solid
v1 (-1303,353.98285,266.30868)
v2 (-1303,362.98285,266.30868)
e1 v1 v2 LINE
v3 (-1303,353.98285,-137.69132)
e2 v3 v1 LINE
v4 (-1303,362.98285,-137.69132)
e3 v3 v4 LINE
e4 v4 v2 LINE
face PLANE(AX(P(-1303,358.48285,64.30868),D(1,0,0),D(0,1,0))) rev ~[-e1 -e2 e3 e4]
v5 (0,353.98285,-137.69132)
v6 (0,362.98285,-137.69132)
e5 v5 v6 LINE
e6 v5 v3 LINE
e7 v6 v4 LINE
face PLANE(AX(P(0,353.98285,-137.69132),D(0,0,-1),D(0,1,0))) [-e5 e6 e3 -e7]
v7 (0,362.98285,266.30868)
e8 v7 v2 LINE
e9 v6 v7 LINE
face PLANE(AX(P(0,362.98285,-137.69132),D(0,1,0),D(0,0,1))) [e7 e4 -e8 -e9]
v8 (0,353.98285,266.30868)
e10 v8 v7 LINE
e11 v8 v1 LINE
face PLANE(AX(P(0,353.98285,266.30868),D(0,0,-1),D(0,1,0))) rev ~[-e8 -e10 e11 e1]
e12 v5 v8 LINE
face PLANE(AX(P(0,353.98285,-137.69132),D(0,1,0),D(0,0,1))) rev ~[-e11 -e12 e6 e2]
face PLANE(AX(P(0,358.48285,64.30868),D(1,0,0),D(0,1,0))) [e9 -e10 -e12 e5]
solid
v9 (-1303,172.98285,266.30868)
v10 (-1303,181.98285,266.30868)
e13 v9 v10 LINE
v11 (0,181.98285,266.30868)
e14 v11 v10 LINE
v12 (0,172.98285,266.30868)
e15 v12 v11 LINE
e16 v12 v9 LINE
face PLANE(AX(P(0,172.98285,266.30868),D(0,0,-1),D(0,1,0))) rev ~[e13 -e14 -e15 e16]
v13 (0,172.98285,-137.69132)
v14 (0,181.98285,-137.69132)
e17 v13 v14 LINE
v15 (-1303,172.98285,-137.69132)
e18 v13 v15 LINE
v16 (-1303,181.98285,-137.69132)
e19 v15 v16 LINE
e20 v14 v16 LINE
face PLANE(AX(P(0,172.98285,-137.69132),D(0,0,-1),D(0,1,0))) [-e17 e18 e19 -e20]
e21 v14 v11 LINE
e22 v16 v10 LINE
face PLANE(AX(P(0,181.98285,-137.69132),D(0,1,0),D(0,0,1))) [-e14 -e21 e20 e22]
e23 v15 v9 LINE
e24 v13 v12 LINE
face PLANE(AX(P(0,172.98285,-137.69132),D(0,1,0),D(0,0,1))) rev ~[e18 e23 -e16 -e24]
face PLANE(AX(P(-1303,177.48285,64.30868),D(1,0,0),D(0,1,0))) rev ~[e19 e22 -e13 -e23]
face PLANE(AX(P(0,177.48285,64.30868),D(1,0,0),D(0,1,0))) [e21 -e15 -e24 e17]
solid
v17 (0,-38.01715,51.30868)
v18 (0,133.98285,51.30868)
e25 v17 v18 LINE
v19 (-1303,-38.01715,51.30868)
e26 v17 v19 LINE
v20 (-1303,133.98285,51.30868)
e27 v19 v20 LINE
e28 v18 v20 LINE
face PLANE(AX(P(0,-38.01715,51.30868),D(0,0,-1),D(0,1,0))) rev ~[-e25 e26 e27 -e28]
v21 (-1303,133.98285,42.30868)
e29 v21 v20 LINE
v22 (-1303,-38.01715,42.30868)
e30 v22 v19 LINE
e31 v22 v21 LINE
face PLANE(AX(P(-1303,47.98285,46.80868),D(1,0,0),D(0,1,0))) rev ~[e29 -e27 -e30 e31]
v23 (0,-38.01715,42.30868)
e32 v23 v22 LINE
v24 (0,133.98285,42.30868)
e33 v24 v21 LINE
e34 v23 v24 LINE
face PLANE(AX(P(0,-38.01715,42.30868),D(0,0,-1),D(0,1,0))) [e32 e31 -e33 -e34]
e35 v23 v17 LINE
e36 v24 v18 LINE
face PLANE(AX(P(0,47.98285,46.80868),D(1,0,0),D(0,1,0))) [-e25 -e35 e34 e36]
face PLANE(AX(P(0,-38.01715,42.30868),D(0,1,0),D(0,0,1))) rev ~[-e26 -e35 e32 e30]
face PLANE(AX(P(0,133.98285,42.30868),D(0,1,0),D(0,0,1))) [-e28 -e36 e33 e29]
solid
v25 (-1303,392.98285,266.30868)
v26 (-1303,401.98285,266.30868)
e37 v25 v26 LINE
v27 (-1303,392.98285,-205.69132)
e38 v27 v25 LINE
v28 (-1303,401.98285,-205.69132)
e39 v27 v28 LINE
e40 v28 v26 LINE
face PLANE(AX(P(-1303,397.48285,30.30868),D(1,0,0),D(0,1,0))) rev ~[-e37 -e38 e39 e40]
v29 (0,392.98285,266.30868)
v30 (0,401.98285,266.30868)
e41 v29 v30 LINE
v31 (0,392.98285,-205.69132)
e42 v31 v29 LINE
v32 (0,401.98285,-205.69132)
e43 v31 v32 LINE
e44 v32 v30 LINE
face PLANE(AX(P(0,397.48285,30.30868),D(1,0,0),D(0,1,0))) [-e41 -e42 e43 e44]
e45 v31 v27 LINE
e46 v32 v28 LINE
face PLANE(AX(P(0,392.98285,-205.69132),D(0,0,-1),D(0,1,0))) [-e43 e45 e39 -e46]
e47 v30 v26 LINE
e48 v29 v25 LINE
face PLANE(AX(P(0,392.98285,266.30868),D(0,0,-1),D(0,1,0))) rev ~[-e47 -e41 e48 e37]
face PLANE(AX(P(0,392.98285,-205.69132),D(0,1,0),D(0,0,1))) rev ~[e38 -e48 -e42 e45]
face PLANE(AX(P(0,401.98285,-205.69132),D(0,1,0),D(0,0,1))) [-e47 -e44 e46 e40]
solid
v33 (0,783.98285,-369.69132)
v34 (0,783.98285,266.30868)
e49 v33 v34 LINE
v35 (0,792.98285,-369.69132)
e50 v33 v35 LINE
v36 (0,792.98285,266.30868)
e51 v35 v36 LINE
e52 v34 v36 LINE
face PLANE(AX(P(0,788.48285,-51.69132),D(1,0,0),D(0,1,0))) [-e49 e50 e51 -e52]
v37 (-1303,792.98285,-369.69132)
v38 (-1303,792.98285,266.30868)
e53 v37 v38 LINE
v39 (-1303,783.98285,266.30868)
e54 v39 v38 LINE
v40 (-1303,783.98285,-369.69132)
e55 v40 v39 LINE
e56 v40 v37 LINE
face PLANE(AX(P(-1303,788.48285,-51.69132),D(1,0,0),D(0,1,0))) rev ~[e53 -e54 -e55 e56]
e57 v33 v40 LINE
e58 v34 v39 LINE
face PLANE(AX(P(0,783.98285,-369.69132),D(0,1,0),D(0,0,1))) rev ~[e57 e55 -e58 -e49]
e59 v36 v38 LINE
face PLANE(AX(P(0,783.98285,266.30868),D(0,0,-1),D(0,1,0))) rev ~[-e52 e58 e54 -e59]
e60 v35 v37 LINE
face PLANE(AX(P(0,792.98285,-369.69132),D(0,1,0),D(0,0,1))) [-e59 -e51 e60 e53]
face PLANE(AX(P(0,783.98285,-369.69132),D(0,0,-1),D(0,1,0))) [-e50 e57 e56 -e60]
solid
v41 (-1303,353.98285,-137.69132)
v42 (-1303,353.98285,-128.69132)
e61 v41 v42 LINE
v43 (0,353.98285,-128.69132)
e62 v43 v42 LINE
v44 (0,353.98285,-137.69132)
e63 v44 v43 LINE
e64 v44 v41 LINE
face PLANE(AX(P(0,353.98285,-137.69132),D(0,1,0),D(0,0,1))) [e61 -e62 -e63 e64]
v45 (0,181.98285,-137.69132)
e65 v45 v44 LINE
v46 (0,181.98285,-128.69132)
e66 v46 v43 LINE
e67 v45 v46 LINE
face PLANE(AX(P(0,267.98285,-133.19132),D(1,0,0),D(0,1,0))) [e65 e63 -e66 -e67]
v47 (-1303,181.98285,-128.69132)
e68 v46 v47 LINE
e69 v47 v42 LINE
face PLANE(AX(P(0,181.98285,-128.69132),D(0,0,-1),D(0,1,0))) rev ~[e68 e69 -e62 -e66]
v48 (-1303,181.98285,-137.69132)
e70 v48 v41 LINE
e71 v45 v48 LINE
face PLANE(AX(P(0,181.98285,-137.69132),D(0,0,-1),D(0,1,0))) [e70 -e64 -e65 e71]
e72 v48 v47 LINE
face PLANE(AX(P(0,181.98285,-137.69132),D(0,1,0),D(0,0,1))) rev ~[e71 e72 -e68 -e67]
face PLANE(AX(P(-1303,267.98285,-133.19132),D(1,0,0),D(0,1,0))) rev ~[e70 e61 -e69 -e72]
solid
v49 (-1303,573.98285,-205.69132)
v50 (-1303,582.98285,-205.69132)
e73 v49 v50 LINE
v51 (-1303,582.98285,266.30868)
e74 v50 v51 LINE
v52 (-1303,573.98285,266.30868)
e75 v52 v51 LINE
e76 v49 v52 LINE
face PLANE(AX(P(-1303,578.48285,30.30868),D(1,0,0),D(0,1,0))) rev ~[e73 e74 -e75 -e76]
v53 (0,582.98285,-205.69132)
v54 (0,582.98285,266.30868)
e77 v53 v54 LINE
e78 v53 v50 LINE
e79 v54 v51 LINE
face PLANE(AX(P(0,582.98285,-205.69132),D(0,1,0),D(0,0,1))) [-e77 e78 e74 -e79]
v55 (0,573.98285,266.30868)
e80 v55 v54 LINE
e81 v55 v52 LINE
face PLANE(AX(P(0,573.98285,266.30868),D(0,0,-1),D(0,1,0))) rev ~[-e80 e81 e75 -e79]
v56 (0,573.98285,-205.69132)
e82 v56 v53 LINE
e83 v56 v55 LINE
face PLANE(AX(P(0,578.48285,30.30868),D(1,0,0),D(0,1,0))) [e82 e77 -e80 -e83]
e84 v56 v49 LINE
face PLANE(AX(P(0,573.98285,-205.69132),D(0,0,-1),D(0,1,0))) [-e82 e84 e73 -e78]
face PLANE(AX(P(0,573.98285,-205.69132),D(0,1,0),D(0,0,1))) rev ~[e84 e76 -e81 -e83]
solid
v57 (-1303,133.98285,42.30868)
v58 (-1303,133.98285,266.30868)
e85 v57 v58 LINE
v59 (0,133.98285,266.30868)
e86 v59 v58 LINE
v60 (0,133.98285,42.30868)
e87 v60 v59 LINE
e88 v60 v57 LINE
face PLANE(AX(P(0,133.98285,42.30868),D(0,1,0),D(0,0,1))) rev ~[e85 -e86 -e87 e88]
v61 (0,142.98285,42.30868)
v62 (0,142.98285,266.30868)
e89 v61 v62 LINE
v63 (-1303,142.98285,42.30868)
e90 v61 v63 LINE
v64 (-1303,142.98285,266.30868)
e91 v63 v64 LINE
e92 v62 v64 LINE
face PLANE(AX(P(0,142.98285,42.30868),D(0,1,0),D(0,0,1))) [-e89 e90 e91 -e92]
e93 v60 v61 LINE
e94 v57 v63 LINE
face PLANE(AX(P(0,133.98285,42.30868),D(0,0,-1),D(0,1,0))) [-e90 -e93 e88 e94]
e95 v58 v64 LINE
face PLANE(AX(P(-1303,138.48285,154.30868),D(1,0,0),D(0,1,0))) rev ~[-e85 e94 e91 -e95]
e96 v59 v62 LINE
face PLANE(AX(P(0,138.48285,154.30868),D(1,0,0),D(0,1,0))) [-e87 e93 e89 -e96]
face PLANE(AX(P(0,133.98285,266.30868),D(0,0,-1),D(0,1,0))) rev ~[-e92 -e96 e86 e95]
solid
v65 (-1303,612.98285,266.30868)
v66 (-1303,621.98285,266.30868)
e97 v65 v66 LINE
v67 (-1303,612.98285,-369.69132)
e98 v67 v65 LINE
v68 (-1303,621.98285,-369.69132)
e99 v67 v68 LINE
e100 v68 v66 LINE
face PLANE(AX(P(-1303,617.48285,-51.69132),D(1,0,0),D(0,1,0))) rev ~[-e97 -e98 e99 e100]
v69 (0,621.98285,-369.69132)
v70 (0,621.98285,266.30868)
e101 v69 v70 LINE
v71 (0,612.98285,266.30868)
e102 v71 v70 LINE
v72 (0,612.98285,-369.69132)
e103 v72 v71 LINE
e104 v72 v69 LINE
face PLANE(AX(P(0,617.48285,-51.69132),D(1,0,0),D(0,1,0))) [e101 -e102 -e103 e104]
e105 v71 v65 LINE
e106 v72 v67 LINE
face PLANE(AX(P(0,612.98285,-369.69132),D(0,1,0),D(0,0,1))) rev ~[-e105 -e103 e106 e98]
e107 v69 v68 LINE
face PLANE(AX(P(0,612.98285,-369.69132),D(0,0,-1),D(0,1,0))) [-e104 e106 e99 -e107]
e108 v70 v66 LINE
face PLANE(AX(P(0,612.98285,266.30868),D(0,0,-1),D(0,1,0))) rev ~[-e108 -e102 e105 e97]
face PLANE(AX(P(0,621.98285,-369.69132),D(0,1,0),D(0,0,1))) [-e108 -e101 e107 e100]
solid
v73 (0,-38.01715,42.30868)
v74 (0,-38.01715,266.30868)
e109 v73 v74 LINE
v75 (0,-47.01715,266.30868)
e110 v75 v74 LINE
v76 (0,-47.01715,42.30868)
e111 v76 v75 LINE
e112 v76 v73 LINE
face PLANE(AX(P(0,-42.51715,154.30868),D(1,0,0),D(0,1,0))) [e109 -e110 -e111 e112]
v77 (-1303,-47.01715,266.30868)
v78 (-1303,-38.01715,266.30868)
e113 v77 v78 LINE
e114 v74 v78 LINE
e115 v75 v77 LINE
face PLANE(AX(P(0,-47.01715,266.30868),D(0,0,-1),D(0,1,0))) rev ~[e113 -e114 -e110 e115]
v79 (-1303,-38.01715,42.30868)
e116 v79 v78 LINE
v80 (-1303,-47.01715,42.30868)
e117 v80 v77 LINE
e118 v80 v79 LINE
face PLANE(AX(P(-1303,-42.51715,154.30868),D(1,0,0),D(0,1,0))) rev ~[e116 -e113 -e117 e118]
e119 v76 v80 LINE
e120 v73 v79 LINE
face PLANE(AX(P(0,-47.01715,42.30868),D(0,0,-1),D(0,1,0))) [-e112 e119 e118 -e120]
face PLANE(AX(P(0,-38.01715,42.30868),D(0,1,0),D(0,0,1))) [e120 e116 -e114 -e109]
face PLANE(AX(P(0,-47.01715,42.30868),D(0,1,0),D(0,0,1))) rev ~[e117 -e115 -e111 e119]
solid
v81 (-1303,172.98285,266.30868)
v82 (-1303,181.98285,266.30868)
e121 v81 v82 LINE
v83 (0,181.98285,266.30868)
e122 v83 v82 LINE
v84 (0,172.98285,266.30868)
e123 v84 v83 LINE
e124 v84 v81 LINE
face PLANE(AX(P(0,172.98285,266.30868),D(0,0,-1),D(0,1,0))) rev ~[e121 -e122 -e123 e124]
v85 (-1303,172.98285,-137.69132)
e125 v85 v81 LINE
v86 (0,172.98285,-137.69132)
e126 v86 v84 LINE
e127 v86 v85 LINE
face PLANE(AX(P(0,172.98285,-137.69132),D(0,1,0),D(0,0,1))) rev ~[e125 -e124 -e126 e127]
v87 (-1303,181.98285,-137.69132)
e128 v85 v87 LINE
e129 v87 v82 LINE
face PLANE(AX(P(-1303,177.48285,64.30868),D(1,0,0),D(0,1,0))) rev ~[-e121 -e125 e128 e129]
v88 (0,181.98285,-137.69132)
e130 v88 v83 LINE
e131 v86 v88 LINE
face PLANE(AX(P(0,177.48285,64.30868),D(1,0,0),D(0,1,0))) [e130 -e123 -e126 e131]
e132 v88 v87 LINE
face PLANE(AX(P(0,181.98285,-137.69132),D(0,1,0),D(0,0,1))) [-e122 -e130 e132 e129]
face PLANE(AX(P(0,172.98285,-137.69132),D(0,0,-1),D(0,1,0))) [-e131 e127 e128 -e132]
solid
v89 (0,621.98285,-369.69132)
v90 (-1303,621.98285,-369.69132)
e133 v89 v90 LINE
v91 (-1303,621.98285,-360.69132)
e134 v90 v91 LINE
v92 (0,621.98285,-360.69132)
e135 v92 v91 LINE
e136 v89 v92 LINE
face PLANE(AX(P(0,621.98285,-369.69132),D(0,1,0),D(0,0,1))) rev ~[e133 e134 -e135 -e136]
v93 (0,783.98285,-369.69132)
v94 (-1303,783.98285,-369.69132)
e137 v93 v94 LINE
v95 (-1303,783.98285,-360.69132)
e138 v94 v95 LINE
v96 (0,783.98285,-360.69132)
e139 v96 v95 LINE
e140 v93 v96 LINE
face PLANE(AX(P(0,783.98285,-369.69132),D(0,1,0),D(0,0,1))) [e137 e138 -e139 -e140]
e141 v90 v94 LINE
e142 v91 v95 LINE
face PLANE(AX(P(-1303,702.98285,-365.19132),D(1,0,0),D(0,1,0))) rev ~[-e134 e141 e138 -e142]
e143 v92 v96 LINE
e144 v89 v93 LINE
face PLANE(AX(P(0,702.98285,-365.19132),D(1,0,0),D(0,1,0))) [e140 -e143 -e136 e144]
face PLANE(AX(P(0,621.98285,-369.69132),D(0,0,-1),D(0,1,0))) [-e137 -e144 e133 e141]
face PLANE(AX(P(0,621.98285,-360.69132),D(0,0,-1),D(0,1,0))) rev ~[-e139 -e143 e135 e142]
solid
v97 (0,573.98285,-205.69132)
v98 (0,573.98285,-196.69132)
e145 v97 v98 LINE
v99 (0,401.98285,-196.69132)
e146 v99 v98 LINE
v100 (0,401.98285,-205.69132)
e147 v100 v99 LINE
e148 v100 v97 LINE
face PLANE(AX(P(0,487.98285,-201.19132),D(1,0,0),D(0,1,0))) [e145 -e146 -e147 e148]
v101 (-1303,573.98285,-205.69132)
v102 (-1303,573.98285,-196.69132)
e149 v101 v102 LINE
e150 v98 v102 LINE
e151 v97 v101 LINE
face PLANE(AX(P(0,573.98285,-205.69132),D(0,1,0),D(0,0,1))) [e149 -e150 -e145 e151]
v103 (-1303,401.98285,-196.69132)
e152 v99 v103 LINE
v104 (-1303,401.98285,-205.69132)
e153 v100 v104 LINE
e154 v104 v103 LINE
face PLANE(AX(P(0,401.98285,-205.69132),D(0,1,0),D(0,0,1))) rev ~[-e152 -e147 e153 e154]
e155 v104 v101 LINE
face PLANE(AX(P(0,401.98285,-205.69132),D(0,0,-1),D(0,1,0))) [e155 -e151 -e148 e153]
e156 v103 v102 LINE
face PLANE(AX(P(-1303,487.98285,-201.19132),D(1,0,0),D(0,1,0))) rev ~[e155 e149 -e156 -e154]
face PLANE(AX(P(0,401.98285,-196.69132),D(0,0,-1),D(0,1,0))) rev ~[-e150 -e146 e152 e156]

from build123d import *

# Parameters (mm, degrees)
F0_W      = 9
F0_H      = 224
F1_DEPTH  = 1303
F2_W      = 172
F2_H      = 9
F3_DEPTH  = 1303
F4_W      = 9
F4_H      = 224
F5_DEPTH  = 1303
F6_W      = 9
F6_H      = 404
F7_DEPTH  = 1303
F8_W      = 172
F8_H      = 9
F9_DEPTH  = 1303
F10_W     = 9
F10_H     = 404
F11_DEPTH = 1303
F12_W     = 9
F12_H     = 472
F13_DEPTH = 1303
F14_W     = 172
F14_H     = 9
F15_DEPTH = 1303
F16_W     = 9
F16_H     = 472
F17_DEPTH = 1303
F18_W     = 9
F18_H     = 636
F19_DEPTH = 1303
F20_W     = 162
F20_H     = 9
F21_DEPTH = 1303
F22_W     = 9
F22_H     = 636
F23_DEPTH = 1303


with BuildPart() as f1:
    # F0 (on Right) → F1 (new body)
    with BuildSketch(Plane.YZ):
        with Locations((-42.51715, 154.30868)):
            Rectangle(F0_W, F0_H)
    extrude(amount=-F1_DEPTH)


with BuildPart() as f3:
    # F2 (on Right) → F3 (new body, through all)
    with BuildSketch(Plane.YZ):
        with Locations((47.98285, 46.80868)):
            Rectangle(F2_W, F2_H)
    extrude(amount=-F3_DEPTH)


with BuildPart() as f5:
    # F4 (on Right) → F5 (new body, through all)
    with BuildSketch(Plane.YZ):
        with Locations((138.48285, 154.30868)):
            Rectangle(F4_W, F4_H)
    extrude(amount=-F5_DEPTH)


with BuildPart() as f7:
    # F6 (on Right) → F7 (new body, through all)
    with BuildSketch(Plane.YZ):
        with Locations((177.48285, 64.30868)):
            Rectangle(F6_W, F6_H)
    extrude(amount=-F7_DEPTH)


with BuildPart() as f9:
    # F8 (on Right) → F9 (new body, through all)
    with BuildSketch(Plane.YZ):
        with Locations((267.98285, -133.19132)):
            Rectangle(F8_W, F8_H)
    extrude(amount=-F9_DEPTH)


with BuildPart() as f11:
    # F10 (on Right) → F11 (new body, through all)
    with BuildSketch(Plane.YZ):
        with Locations((358.48285, 64.30868)):
            Rectangle(F10_W, F10_H)
    extrude(amount=-F11_DEPTH)


with BuildPart() as f13:
    # F12 (on Right) → F13 (new body, through all)
    with BuildSketch(Plane.YZ):
        with Locations((397.48285, 30.30868)):
            Rectangle(F12_W, F12_H)
    extrude(amount=-F13_DEPTH)


with BuildPart() as f15:
    # F14 (on Right) → F15 (new body, through all)
    with BuildSketch(Plane.YZ):
        with Locations((487.98285, -201.19132)):
            Rectangle(F14_W, F14_H)
    extrude(amount=-F15_DEPTH)


with BuildPart() as f17:
    # F16 (on face) → F17 (new body, through all)
    with BuildSketch(Plane.YZ):
        with Locations((578.48285, 30.30868)):
            Rectangle(F16_W, F16_H)
    extrude(amount=-F17_DEPTH)


with BuildPart() as f19:
    # F18 (on face) → F19 (new body, through all)
    with BuildSketch(Plane.YZ):
        with Locations((617.48285, -51.69132)):
            Rectangle(F18_W, F18_H)
    extrude(amount=-F19_DEPTH)


with BuildPart() as f21:
    # F20 (on face) → F21 (new body, through all)
    with BuildSketch(Plane.YZ):
        with Locations((702.98285, -365.19132)):
            Rectangle(F20_W, F20_H)
    extrude(amount=-F21_DEPTH)


with BuildPart() as f23:
    # F6 (on Right) + F22 (on face) → F23 (new body, through all)
    with BuildSketch(Plane.YZ):
        with Locations((177.48285, 64.30868)):
            Rectangle(F6_W, F6_H)
    with BuildSketch(Plane.YZ):
        with Locations((788.48285, -51.69132)):
            Rectangle(F22_W, F22_H)
    extrude(amount=-F23_DEPTH)


solid = Compound([f1.part, f3.part, f5.part, f7.part, f9.part, f11.part, f13.part, f15.part, f17.part, f19.part, f21.part, f23.part])
